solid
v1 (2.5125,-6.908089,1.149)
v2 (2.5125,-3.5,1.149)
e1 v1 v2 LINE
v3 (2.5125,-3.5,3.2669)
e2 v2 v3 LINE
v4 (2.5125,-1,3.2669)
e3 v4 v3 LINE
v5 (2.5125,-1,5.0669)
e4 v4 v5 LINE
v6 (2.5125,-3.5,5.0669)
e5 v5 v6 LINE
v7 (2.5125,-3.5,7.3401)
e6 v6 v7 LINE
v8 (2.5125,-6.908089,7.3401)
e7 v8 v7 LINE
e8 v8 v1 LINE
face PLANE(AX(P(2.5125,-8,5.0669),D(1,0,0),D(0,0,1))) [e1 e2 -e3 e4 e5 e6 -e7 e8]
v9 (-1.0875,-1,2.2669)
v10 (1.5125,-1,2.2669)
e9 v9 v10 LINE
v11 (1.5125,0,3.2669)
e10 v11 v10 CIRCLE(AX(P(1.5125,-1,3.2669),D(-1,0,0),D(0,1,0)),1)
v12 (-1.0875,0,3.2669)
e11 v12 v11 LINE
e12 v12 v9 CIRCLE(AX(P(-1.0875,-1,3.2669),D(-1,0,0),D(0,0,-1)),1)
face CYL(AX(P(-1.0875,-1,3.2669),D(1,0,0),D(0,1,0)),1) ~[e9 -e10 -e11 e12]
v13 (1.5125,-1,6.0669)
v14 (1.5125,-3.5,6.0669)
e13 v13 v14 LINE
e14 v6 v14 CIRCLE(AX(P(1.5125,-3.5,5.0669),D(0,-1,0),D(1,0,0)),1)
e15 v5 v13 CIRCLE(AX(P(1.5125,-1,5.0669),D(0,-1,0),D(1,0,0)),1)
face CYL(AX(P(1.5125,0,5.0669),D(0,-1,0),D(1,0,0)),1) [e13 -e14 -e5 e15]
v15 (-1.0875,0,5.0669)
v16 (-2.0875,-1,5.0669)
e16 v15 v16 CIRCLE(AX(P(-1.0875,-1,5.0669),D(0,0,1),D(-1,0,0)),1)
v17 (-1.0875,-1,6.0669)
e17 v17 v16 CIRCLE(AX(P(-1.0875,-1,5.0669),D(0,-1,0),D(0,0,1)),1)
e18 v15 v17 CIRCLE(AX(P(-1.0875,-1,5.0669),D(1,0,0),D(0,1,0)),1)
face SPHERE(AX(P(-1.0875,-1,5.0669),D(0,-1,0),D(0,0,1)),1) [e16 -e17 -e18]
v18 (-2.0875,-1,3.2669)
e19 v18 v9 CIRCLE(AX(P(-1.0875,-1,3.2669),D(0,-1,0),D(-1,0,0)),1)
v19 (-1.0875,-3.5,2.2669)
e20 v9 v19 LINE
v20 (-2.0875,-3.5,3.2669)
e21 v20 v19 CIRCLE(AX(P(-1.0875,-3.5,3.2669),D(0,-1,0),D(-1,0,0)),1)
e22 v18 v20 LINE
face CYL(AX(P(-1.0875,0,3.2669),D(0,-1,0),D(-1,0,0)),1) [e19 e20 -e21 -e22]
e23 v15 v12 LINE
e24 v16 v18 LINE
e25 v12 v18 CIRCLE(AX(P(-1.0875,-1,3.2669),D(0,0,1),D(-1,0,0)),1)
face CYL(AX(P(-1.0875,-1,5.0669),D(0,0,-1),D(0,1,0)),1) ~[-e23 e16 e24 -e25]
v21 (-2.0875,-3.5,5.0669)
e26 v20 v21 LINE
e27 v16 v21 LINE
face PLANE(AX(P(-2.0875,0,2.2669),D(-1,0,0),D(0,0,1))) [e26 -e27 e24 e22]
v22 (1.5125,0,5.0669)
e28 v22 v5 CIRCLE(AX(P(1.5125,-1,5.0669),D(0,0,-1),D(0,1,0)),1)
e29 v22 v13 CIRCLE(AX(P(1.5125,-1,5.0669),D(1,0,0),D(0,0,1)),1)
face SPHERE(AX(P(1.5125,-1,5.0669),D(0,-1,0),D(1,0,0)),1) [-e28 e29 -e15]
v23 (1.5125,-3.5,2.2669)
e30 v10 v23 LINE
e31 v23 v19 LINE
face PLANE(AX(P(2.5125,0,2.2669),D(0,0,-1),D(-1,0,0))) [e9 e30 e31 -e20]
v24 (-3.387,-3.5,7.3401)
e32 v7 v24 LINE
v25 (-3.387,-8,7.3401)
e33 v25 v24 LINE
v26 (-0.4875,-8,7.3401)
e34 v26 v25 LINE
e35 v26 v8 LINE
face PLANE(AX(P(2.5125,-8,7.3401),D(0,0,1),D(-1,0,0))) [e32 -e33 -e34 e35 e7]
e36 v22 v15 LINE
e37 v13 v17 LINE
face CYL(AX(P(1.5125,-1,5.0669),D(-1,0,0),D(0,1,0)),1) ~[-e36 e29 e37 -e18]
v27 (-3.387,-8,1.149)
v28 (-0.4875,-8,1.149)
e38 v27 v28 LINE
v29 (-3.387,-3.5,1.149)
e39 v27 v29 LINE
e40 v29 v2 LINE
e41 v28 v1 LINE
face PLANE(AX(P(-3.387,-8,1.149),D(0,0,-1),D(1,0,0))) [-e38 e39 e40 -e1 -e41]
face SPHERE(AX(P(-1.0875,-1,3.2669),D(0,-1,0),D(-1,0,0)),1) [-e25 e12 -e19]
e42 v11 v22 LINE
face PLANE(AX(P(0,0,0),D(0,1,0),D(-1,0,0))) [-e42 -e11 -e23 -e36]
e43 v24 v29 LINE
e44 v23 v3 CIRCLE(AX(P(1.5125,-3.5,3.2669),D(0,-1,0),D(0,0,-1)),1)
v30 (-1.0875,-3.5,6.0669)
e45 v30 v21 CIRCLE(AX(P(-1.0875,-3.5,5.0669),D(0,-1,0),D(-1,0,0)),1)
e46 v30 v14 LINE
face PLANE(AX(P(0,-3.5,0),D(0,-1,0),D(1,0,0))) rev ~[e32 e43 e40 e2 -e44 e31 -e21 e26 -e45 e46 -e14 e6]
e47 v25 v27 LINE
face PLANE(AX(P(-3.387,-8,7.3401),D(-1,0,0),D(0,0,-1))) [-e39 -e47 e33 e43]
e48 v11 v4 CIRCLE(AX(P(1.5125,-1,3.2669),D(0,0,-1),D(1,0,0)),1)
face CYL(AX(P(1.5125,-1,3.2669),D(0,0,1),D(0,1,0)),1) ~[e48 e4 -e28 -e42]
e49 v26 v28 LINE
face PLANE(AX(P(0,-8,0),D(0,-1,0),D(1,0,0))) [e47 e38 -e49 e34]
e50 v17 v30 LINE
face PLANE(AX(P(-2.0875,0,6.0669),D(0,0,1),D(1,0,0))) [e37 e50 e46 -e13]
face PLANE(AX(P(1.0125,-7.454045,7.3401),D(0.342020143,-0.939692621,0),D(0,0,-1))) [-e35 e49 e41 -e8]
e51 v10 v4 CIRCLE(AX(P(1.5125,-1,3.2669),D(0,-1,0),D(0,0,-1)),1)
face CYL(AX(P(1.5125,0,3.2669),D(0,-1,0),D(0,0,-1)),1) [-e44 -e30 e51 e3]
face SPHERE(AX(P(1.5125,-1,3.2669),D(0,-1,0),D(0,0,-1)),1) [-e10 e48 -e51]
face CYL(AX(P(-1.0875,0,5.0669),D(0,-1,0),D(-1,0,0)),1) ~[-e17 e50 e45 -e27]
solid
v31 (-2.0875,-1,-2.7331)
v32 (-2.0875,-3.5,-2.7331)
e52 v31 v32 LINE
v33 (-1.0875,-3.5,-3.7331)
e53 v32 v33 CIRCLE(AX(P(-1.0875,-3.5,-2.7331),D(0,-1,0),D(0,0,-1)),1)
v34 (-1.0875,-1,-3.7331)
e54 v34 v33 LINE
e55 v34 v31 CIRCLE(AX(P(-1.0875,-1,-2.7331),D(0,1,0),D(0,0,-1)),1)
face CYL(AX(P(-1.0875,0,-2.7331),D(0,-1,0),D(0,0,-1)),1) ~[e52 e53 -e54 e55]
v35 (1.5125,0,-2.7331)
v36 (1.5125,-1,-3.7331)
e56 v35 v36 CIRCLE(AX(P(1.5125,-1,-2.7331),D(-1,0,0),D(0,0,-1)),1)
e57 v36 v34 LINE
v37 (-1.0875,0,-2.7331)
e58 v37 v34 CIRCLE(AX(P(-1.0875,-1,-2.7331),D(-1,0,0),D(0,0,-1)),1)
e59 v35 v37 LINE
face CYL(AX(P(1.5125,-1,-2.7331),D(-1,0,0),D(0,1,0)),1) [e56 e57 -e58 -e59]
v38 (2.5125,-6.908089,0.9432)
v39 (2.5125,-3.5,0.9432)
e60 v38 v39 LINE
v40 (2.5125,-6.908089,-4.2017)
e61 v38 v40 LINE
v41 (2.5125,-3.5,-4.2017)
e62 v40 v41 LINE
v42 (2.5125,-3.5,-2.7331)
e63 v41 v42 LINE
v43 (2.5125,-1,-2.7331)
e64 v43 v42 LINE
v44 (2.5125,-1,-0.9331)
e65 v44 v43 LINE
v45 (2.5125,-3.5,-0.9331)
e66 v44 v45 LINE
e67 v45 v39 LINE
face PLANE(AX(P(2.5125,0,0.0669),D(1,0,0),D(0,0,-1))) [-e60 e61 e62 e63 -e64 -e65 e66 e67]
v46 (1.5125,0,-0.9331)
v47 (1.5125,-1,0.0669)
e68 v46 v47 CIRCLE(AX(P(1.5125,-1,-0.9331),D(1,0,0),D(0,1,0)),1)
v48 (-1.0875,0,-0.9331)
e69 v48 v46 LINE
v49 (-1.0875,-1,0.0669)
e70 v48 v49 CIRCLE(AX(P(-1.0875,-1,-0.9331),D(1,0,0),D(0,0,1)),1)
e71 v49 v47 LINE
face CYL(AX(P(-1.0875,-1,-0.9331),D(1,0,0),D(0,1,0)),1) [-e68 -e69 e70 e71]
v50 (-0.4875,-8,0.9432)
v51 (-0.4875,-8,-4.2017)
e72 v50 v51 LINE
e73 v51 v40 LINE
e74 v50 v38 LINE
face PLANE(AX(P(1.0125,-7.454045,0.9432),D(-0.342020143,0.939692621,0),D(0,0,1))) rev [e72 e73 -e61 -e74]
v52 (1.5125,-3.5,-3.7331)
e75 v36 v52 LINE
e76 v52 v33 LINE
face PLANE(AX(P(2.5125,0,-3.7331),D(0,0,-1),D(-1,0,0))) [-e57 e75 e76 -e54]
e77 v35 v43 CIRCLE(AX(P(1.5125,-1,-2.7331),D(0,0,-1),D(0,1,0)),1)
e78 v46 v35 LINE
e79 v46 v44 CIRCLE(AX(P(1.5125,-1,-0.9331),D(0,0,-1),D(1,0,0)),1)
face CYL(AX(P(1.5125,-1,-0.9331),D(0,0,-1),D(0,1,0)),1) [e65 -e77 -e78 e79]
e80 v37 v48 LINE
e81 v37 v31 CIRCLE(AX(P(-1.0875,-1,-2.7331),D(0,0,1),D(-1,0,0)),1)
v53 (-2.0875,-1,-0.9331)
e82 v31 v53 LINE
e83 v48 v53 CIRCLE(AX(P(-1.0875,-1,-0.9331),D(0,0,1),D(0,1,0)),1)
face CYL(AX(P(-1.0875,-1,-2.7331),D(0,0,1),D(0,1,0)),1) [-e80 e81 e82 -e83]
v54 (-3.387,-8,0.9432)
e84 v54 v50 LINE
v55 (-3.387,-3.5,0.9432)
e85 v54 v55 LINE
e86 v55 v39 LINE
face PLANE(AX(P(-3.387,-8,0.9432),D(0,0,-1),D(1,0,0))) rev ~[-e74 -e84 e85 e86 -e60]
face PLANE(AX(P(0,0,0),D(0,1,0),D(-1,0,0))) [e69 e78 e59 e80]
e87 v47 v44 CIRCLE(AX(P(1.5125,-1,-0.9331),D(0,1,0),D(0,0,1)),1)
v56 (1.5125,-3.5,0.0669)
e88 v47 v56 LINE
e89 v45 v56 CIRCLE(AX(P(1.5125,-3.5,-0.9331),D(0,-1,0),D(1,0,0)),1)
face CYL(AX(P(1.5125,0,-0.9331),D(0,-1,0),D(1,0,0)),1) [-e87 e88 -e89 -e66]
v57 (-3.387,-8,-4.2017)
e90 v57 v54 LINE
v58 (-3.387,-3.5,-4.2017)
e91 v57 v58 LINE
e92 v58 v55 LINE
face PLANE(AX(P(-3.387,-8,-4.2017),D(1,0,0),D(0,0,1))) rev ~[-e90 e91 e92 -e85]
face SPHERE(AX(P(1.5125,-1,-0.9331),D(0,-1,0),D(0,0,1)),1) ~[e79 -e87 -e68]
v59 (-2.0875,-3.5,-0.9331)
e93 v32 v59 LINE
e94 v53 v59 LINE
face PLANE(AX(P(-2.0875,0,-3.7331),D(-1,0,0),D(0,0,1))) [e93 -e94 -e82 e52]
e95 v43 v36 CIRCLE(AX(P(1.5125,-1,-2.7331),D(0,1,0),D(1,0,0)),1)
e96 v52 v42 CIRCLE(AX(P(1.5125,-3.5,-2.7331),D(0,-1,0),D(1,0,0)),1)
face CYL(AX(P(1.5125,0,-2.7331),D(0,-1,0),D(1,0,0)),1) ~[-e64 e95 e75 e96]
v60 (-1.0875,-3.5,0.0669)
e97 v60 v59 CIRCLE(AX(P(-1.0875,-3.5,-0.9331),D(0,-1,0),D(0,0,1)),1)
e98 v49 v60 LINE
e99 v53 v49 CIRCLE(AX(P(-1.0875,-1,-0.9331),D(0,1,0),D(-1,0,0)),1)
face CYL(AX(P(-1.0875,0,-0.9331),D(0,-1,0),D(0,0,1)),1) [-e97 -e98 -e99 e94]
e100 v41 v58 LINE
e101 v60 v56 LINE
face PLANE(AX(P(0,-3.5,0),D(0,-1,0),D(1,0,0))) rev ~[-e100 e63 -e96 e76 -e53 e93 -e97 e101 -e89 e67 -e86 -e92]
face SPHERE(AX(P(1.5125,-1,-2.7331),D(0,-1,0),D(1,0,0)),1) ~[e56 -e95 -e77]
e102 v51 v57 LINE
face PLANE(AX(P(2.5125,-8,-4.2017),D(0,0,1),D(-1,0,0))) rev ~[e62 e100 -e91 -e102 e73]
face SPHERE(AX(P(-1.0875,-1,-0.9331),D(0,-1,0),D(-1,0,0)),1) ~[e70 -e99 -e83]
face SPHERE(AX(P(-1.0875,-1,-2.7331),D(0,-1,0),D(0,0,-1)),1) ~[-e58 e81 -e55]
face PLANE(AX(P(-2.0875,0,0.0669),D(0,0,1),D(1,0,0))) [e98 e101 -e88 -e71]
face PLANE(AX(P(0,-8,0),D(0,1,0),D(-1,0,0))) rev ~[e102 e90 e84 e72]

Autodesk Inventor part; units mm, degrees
ref_plane "YZ Plane" through (0, 0, 0) normal (1, 0, 0) x (0, 1, 0)
ref_plane "XZ Plane" through (0, 0, 0) normal (0, 1, 0) x (-1, 0, 0)
ref_plane "XY Plane" through (0, 0, 0) normal (0, 0, 1) x (1, 0, 0)
sketch "Sketch1" plane through (0, 0, 0) normal (0, 1, 0) x (-1, 0, 0)
  line L0 (2.0875, 6.0669) -> (-2.5125, 6.0669)
  line L1 (-2.5125, 6.0669) -> (-2.5125, 2.2669)
  line L2 (-2.5125, 2.2669) -> (2.0875, 2.2669)
  line L3 (2.0875, 2.2669) -> (2.0875, 6.0669)
  line L4 (2.0875, 6.0669) -> (-2.5125, 2.2669) construction
  line L5 (-2.5125, 6.0669) -> (2.0875, 2.2669) construction
  line L6 (-2.5125, -3.7331) -> (2.0875, -3.7331)
  line L7 (2.0875, -3.7331) -> (2.0875, 0.0669)
  line L8 (2.0875, 0.0669) -> (-2.5125, 0.0669)
  line L9 (-2.5125, 0.0669) -> (-2.5125, -3.7331)
  line L10 (-2.5125, -3.7331) -> (2.0875, 0.0669) construction
  line L11 (2.0875, -3.7331) -> (-2.5125, 0.0669) construction
  point P0 (0, 0)
  point P1 (2.8581, 5.0437)
  point P2 (-0.2125, 4.1669)
  point P3 (-0.2125, -1.8331)
  point P4 (-0.2125, 0.0669)
  point P5 (-0.2125, 2.2669)
  dimension "d0" = 3.8
  dimension "d1" = 3.8
  dimension "d2" = 4.6
  dimension "d3" = 4.6
  dimension "d4" = 6
extrude "Extrusion1" add sketch "Sketch1" against normal blind 8
fillet "Fillet1" radius 1 5 edges at (-2.0875, -4, 6.0669) (2.5125, -4, 6.0669) (2.5125, -4, 2.2669) (2.5125, -4, 0.0669) (2.5125, -4, -3.7331)
fillet "Fillet2" radius 1 3 edges at (-2.0875, -4, 2.2669) (-2.0875, -4, -3.7331) (-2.0875, -4, 0.0669)
fillet "Fillet3" radius 1 16 edges at (-1.7946, 0, 2.5598) (-2.0875, 0, 4.1669) (-1.7946, 0, 5.774) (0.2125, 0, 6.0669) (2.2196, 0, 5.774) (2.5125, 0, 4.1669) (2.2196, 0, 2.5598) (0.2125, 0, 2.2669) (-1.7946, 0, -3.4402) (-2.0875, 0, -1.8331) (-1.7946, 0, -0.226) (0.2125, 0, 0.0669) (2.2196, 0, -0.226) (2.5125, 0, -1.8331) (2.2196, 0, -3.4402) (0.2125, 0, -3.7331)
sketch "Sketch2" plane through (0, -8, 0) normal (0, -1, 0) x (1, 0, 0)
  point P0 (0, 0)
sketch "Sketch3" plane through (0, -8, 0) normal (0, -1, 0) x (1, 0, 0)
  line L0 (-3.387, 0.9432) -> (2.5125, 0.9432)
  line L1 (2.5125, 0.9432) -> (2.5125, -4.2017)
  line L2 (2.5125, -4.2017) -> (-3.387, -4.2017)
  line L3 (-3.387, -4.2017) -> (-3.387, 0.9432)
  line L4 (-3.387, 1.149) -> (2.5125, 1.149)
  line L5 (2.5125, 1.149) -> (2.5125, 7.3401)
  line L6 (2.5125, 7.3401) -> (-3.387, 7.3401)
  line L7 (-3.387, 7.3401) -> (-3.387, 1.149)
  line L8 (2.5125, -0.9331) -> (2.5125, -2.7331) projected
  line L9 (2.5125, 5.0669) -> (2.5125, 3.2669) projected
  point P0 (0, 0)
  point P1 (2.5125, -1.8331)
  point P2 (2.5125, 4.1669)
  point P3 (2.5125, 4.2446)
  dimension "d16" = 5.8995
  dimension "d17" = 5.1449
  dimension "d18" = 6.191
  dimension "d19" = 0
  dimension "d20" = 0
extrude "Extrusion2" add sketch "Sketch3" against normal blind 4.5
chamfer "Chamfer1" distance 3 angle 20 1 edges at (2.5125, -8, 4.2446) measured on face at (0.546, -8, 3.2127)
chamfer "Chamfer2" distance 3 angle 20 1 edges at (2.5125, -8, -1.6292) measured on face at (-1.4205, -8, -0.7717)
properties part number "botones"
